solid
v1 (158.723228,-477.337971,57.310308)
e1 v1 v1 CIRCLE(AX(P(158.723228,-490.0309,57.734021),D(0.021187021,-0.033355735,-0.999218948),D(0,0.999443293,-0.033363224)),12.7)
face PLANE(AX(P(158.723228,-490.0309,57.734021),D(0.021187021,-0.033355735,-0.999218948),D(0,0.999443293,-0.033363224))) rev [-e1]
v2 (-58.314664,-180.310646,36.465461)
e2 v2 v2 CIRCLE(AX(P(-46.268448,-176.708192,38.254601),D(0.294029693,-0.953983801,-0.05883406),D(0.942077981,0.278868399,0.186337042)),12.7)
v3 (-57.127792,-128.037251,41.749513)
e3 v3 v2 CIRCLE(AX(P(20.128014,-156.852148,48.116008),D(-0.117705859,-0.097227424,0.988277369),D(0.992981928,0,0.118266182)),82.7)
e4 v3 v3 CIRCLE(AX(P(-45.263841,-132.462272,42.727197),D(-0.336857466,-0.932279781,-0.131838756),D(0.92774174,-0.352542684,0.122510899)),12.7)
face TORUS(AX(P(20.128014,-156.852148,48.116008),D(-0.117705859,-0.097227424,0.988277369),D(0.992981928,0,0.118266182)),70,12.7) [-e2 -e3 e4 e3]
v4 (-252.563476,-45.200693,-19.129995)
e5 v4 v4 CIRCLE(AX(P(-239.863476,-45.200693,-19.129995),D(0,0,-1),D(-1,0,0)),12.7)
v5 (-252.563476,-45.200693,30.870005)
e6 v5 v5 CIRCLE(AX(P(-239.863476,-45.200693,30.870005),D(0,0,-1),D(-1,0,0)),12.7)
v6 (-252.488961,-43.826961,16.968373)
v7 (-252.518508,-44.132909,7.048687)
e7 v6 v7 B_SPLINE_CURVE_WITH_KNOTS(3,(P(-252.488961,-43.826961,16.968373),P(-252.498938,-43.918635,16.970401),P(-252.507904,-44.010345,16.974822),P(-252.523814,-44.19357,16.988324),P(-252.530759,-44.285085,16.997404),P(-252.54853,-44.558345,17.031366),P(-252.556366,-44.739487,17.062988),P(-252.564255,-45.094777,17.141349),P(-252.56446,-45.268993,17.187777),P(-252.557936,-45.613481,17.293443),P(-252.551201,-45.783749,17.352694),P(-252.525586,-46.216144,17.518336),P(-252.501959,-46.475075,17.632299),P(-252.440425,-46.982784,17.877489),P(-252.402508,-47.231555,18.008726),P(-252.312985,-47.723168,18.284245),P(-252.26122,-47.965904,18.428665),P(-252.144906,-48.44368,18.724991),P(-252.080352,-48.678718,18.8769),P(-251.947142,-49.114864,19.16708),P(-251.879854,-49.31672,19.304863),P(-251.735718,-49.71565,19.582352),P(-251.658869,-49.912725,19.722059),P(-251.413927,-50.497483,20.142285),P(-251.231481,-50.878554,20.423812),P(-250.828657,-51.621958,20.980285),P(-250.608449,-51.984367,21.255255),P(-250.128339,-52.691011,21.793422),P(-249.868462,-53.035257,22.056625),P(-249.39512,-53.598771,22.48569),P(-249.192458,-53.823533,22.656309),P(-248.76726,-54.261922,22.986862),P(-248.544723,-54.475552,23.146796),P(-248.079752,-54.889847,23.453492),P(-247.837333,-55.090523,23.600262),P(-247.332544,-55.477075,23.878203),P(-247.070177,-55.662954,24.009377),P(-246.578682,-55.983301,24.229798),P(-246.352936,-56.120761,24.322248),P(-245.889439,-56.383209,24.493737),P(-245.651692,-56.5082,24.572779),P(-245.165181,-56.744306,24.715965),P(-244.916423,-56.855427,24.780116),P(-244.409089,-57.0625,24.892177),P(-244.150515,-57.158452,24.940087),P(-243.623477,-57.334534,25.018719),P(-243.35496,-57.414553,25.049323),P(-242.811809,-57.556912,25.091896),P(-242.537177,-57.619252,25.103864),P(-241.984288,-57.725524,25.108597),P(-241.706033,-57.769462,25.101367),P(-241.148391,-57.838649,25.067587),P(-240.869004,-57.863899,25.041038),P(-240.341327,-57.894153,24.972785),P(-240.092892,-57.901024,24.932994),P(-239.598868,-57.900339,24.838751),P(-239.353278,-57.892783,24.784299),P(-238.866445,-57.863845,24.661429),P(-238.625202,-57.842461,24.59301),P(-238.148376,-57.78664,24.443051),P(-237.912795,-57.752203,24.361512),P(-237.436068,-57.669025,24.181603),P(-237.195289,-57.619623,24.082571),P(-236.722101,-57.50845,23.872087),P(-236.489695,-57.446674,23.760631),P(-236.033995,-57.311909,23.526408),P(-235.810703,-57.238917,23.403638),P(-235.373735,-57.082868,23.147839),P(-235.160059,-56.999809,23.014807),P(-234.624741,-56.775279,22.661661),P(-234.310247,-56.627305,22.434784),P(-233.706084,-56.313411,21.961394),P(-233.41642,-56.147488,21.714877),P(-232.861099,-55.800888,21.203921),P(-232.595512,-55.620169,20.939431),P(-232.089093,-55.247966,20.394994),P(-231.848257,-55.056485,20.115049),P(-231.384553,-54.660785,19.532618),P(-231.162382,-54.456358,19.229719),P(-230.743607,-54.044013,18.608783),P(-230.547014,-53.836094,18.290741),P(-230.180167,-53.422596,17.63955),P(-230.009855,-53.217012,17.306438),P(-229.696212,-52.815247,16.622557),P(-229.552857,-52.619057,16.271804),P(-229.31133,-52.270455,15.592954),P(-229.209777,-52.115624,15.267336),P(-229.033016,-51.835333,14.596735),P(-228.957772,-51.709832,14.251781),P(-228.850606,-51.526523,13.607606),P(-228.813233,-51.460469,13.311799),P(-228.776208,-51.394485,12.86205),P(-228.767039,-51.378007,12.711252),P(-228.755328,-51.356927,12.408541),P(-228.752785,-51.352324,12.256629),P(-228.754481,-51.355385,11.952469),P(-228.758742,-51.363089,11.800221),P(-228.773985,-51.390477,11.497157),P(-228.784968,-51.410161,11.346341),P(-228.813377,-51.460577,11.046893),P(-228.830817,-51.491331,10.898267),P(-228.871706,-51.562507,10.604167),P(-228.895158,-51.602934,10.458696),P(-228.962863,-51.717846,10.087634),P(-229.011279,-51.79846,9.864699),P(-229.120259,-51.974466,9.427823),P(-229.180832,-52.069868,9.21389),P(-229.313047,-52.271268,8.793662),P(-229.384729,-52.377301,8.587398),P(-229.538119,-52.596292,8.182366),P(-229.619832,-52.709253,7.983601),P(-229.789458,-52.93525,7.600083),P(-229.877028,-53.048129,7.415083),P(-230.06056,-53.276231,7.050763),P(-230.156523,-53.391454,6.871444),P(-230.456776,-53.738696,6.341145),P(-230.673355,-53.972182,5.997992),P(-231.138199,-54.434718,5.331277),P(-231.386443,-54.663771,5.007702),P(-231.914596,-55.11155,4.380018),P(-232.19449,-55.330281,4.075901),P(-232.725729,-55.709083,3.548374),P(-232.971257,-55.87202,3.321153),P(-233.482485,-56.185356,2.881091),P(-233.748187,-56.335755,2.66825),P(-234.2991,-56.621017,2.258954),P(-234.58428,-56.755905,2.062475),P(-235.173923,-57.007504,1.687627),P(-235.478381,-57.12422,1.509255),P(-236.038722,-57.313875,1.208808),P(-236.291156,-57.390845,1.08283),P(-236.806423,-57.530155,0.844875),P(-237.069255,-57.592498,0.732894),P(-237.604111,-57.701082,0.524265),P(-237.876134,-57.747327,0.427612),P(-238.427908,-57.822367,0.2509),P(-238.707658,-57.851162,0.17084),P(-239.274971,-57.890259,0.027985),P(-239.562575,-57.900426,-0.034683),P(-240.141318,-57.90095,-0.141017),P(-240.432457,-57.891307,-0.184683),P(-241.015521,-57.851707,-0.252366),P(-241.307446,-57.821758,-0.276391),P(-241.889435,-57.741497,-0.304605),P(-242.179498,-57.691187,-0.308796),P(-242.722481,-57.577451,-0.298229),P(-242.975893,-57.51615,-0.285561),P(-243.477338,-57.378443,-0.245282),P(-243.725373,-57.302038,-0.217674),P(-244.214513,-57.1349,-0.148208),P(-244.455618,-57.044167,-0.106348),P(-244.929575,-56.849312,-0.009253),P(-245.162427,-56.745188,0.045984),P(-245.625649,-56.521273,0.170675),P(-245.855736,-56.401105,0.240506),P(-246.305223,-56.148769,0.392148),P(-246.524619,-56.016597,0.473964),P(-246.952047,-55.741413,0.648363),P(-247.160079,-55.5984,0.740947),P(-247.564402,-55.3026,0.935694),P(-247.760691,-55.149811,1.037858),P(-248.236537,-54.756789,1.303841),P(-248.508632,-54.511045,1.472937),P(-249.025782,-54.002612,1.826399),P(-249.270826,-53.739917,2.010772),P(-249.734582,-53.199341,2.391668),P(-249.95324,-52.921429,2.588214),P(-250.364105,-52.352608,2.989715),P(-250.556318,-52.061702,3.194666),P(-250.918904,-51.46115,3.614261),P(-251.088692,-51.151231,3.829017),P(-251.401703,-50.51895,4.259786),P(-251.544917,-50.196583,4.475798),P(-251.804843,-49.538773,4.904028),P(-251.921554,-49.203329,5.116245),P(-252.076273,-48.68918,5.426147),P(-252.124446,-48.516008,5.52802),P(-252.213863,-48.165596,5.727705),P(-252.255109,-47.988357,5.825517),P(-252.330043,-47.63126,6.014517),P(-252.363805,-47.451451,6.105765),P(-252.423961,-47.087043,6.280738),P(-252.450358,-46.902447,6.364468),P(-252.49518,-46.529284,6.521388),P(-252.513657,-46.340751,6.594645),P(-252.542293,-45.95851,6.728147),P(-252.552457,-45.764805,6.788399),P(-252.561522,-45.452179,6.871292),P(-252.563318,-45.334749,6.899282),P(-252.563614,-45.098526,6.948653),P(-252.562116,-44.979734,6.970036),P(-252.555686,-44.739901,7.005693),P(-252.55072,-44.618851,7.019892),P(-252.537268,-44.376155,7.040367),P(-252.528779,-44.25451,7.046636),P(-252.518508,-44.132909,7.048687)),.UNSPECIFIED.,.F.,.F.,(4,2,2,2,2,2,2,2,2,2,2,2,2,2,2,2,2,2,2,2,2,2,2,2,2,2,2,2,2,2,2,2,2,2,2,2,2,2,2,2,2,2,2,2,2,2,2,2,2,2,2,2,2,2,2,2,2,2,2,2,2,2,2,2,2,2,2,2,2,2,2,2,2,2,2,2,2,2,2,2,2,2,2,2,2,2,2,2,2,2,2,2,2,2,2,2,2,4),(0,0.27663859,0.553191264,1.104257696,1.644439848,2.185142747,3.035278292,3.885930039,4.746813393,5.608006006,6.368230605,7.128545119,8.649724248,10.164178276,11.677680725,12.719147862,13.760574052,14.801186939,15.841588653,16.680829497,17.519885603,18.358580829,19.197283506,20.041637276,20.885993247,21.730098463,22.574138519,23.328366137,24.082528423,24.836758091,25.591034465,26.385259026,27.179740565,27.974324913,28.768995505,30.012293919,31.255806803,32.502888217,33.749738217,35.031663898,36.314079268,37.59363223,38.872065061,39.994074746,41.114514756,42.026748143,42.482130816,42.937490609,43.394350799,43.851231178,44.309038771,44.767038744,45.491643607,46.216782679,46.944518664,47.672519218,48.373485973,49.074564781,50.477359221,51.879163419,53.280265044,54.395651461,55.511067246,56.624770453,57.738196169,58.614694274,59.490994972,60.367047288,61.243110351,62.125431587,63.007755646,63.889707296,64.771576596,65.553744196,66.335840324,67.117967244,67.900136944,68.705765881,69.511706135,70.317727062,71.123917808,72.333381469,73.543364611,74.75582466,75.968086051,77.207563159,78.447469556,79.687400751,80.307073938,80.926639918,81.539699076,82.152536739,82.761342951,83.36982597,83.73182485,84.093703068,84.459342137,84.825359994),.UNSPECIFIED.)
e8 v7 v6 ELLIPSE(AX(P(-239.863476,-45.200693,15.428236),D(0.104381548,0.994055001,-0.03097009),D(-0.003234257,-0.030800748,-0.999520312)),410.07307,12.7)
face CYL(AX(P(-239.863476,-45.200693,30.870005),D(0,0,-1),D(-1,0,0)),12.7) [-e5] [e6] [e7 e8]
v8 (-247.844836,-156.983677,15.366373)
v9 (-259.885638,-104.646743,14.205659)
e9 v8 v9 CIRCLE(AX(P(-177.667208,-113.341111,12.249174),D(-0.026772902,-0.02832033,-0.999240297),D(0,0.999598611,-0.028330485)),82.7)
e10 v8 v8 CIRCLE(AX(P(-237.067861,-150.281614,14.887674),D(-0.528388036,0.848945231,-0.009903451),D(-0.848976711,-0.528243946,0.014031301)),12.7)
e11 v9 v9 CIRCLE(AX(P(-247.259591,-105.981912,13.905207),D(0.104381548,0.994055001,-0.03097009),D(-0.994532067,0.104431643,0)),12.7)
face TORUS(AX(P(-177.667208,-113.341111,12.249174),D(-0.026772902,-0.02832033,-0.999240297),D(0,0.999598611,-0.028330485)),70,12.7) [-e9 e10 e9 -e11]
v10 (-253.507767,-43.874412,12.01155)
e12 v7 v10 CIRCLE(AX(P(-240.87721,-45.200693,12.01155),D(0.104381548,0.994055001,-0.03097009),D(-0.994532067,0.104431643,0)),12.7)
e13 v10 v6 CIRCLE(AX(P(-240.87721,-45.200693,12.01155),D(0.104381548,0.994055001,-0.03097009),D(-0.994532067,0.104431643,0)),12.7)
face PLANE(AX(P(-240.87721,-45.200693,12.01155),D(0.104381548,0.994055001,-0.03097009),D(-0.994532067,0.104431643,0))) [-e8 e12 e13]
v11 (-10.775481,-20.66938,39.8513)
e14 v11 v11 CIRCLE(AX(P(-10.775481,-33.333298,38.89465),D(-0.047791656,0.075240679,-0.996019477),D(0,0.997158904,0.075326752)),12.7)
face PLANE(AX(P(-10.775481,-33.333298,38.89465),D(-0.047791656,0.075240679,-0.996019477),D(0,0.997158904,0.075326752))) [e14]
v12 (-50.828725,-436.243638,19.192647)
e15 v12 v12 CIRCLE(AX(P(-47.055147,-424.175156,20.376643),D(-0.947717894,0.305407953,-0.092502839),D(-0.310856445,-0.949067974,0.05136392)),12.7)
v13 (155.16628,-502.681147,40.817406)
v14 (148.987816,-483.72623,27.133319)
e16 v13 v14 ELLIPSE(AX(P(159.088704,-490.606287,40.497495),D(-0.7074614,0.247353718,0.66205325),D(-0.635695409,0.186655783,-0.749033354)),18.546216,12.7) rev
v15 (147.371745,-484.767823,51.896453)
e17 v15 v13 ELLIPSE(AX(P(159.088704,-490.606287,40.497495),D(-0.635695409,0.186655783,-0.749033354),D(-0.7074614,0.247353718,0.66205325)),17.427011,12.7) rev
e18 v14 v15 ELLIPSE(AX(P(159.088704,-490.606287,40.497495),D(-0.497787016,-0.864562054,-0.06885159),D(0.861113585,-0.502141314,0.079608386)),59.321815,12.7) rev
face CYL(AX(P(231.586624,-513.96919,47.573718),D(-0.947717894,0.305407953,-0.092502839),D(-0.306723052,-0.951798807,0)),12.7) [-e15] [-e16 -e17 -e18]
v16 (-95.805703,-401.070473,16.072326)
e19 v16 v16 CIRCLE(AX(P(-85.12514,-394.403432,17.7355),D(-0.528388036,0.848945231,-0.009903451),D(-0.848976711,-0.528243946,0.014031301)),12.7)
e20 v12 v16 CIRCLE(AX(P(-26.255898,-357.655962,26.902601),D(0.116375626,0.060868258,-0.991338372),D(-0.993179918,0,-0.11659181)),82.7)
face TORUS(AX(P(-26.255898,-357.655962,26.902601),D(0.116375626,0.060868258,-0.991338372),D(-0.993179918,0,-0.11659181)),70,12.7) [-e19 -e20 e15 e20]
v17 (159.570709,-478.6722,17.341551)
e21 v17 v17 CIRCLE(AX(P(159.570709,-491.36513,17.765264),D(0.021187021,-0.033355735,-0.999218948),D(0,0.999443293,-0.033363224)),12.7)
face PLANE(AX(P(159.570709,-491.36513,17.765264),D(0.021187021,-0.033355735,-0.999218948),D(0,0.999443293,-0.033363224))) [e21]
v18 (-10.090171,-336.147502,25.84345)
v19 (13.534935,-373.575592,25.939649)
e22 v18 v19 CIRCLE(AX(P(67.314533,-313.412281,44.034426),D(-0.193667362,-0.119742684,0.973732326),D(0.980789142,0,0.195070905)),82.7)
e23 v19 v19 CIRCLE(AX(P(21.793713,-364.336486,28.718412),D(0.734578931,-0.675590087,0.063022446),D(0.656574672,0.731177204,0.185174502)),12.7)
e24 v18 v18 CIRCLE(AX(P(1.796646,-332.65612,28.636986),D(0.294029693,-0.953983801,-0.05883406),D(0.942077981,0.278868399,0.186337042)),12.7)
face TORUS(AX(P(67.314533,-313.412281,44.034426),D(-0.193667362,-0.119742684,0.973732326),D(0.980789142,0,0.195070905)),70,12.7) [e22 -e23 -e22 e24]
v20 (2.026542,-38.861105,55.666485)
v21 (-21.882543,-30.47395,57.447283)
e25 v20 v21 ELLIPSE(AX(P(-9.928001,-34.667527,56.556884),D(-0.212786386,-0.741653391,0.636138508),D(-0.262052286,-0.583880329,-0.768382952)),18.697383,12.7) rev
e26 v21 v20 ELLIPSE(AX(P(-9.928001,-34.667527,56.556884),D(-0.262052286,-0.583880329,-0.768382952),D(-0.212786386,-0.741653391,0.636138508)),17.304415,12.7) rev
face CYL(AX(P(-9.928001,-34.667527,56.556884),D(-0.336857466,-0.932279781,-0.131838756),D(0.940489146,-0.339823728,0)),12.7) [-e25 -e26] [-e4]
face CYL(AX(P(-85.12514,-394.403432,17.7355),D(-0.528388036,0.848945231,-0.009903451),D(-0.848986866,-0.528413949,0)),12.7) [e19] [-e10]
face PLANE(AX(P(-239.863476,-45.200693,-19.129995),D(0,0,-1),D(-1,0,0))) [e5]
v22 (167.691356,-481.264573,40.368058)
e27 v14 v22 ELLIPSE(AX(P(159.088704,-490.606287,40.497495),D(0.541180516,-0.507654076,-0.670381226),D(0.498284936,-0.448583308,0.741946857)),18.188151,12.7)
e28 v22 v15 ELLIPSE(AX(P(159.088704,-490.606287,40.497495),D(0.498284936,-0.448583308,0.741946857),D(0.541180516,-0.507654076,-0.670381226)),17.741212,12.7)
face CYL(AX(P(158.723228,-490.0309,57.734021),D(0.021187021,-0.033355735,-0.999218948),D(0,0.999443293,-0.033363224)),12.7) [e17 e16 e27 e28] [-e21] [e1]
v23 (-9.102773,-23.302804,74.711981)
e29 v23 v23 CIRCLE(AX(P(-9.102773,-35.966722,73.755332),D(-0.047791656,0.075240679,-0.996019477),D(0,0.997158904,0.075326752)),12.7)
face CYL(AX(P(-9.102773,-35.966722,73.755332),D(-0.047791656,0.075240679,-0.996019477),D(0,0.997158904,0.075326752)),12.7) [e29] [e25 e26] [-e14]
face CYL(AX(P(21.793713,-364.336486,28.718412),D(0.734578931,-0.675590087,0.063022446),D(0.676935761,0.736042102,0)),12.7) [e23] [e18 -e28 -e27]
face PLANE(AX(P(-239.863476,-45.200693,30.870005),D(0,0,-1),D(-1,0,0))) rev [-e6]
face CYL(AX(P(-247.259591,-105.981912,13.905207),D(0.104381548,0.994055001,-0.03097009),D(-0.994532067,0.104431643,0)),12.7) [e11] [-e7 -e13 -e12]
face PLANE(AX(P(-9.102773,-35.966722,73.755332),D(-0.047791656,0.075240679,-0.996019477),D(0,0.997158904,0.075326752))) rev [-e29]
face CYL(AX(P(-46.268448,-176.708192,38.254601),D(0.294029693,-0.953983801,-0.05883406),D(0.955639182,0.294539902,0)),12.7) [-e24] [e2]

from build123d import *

# Parameters (mm, degrees)
SKETCH2_R           = 12.7
SKETCH3_R           = 12.7
BOSS_EXTRUDE1_DEPTH = 50
SKETCH4_R           = 12.7
BOSS_EXTRUDE2_DEPTH = 35
SKETCH5_R           = 12.7
CUT_EXTRUDE1_DEPTH  = 634.359519319
SKETCH6_R           = 12.7
BOSS_EXTRUDE3_DEPTH = 40


with BuildPart() as part:
    # Sweep1: sweep along a curve in space
    with BuildLine() as sweep1_path:
        Line((-45.263841099, -132.462271612, 42.727197095), (-9.928000519, -34.667527384, 56.556883965))
        ThreePointArc((-45.263841099, -132.462271612, 42.727197095), (-49.367402807, -154.461340148, 40.074170619), (-46.268448436, -176.708192383, 38.254601427))
        Line((1.796645732, -332.656119714, 28.636985574), (-46.268448436, -176.708192383, 38.254601427))
        ThreePointArc((1.796645732, -332.656119714, 28.636985574), (9.693780672, -349.82422739, 28.096448926), (21.793712602, -364.33648604, 28.718411529))
        Line((159.088704017, -490.606286781, 40.497494579), (21.793712602, -364.33648604, 28.718411529))
        Line((159.088704017, -490.606286781, 40.497494579), (-47.055147145, -424.175155849, 20.376642682))
        ThreePointArc((-47.055147145, -424.175155849, 20.376642682), (-68.707848435, -412.682375082, 18.540437025), (-85.12514007, -394.403432402, 17.735499766))
        Line((-85.12514007, -394.403432402, 17.735499766), (-237.067860888, -150.281613827, 14.887673564))
        ThreePointArc((-237.067860888, -150.281613827, 14.887673564), (-245.860225068, -128.979461941, 14.519507014), (-247.259590984, -105.981912067, 13.905207225))
        Line((-247.259590984, -105.981912067, 13.905207225), (-240.877210012, -45.200693371, 12.011549601))
    # Sketch2 → Sweep1 (sweep)
    with BuildSketch(Plane(origin=(-240.877210012, -45.200693371, 12.011549601), x_dir=(0.994511346580908, -0.1045532802574024, -0.003974054509718908), z_dir=(0.10438154847039847, 0.9940550014184, -0.030970090312857718))):
        Circle(SKETCH2_R)
    sweep(path=sweep1_path.line, transition=Transition.RIGHT)

    # Sketch3 → Boss-Extrude1 (add)
    with BuildSketch(Plane(origin=(-240.877210012, -45.200693371, -19.129994659), x_dir=(-1, 0, 0), z_dir=(0, 0, -1))):
        with Locations((-1.013733677, 0)):
            Circle(SKETCH3_R)
    extrude(amount=-BOSS_EXTRUDE1_DEPTH)

    # Sketch4 → Boss-Extrude2 (add)
    with BuildSketch(Plane(origin=(-10.775481352, -33.333297989, 38.894650056), x_dir=(-0.9988573259328992, -0.0035999902794153107, 0.04765587581994679), z_dir=(-0.04779165649125455, 0.07524067855943051, -0.9960194766467865))):
        with Locations(Location((0, 0, 0), (0, 0, 90))):
            Circle(SKETCH4_R)
    extrude(amount=-BOSS_EXTRUDE2_DEPTH)

    # Sketch5 → Cut-Extrude1 (cut, through all)
    with BuildSketch(Plane(origin=(159.570708741, -491.36512975, 17.765263523), x_dir=(-0.9997755298808294, -0.0007068673202907124, -0.021175225857081564), z_dir=(0.02118702082660303, -0.03335573488518622, -0.9992189475278991))):
        Circle(SKETCH5_R)
    extrude(amount=-CUT_EXTRUDE1_DEPTH, mode=Mode.SUBTRACT)


with BuildPart() as body_2:
    # of the pieces the cut leaves, the one that is kept (cut_extrude1_keep)
    add(part.part.solids().sort_by_distance((-228.753597169, -51.353788927, 12.11141185))[0])

    # Sketch6 → Boss-Extrude3 (add)
    with BuildSketch(Plane(origin=(159.570708741, -491.36512975, 17.765263523), x_dir=(-0.9997755298808294, -0.0007068673202907124, -0.021175225857081564), z_dir=(0.02118702082660303, -0.03335573488518622, -0.9992189475278991))):
        with Locations(Location((0, 0, 0), (0, 0, 90))):
            Circle(SKETCH6_R)
    extrude(amount=-BOSS_EXTRUDE3_DEPTH)


solid = body_2.part
